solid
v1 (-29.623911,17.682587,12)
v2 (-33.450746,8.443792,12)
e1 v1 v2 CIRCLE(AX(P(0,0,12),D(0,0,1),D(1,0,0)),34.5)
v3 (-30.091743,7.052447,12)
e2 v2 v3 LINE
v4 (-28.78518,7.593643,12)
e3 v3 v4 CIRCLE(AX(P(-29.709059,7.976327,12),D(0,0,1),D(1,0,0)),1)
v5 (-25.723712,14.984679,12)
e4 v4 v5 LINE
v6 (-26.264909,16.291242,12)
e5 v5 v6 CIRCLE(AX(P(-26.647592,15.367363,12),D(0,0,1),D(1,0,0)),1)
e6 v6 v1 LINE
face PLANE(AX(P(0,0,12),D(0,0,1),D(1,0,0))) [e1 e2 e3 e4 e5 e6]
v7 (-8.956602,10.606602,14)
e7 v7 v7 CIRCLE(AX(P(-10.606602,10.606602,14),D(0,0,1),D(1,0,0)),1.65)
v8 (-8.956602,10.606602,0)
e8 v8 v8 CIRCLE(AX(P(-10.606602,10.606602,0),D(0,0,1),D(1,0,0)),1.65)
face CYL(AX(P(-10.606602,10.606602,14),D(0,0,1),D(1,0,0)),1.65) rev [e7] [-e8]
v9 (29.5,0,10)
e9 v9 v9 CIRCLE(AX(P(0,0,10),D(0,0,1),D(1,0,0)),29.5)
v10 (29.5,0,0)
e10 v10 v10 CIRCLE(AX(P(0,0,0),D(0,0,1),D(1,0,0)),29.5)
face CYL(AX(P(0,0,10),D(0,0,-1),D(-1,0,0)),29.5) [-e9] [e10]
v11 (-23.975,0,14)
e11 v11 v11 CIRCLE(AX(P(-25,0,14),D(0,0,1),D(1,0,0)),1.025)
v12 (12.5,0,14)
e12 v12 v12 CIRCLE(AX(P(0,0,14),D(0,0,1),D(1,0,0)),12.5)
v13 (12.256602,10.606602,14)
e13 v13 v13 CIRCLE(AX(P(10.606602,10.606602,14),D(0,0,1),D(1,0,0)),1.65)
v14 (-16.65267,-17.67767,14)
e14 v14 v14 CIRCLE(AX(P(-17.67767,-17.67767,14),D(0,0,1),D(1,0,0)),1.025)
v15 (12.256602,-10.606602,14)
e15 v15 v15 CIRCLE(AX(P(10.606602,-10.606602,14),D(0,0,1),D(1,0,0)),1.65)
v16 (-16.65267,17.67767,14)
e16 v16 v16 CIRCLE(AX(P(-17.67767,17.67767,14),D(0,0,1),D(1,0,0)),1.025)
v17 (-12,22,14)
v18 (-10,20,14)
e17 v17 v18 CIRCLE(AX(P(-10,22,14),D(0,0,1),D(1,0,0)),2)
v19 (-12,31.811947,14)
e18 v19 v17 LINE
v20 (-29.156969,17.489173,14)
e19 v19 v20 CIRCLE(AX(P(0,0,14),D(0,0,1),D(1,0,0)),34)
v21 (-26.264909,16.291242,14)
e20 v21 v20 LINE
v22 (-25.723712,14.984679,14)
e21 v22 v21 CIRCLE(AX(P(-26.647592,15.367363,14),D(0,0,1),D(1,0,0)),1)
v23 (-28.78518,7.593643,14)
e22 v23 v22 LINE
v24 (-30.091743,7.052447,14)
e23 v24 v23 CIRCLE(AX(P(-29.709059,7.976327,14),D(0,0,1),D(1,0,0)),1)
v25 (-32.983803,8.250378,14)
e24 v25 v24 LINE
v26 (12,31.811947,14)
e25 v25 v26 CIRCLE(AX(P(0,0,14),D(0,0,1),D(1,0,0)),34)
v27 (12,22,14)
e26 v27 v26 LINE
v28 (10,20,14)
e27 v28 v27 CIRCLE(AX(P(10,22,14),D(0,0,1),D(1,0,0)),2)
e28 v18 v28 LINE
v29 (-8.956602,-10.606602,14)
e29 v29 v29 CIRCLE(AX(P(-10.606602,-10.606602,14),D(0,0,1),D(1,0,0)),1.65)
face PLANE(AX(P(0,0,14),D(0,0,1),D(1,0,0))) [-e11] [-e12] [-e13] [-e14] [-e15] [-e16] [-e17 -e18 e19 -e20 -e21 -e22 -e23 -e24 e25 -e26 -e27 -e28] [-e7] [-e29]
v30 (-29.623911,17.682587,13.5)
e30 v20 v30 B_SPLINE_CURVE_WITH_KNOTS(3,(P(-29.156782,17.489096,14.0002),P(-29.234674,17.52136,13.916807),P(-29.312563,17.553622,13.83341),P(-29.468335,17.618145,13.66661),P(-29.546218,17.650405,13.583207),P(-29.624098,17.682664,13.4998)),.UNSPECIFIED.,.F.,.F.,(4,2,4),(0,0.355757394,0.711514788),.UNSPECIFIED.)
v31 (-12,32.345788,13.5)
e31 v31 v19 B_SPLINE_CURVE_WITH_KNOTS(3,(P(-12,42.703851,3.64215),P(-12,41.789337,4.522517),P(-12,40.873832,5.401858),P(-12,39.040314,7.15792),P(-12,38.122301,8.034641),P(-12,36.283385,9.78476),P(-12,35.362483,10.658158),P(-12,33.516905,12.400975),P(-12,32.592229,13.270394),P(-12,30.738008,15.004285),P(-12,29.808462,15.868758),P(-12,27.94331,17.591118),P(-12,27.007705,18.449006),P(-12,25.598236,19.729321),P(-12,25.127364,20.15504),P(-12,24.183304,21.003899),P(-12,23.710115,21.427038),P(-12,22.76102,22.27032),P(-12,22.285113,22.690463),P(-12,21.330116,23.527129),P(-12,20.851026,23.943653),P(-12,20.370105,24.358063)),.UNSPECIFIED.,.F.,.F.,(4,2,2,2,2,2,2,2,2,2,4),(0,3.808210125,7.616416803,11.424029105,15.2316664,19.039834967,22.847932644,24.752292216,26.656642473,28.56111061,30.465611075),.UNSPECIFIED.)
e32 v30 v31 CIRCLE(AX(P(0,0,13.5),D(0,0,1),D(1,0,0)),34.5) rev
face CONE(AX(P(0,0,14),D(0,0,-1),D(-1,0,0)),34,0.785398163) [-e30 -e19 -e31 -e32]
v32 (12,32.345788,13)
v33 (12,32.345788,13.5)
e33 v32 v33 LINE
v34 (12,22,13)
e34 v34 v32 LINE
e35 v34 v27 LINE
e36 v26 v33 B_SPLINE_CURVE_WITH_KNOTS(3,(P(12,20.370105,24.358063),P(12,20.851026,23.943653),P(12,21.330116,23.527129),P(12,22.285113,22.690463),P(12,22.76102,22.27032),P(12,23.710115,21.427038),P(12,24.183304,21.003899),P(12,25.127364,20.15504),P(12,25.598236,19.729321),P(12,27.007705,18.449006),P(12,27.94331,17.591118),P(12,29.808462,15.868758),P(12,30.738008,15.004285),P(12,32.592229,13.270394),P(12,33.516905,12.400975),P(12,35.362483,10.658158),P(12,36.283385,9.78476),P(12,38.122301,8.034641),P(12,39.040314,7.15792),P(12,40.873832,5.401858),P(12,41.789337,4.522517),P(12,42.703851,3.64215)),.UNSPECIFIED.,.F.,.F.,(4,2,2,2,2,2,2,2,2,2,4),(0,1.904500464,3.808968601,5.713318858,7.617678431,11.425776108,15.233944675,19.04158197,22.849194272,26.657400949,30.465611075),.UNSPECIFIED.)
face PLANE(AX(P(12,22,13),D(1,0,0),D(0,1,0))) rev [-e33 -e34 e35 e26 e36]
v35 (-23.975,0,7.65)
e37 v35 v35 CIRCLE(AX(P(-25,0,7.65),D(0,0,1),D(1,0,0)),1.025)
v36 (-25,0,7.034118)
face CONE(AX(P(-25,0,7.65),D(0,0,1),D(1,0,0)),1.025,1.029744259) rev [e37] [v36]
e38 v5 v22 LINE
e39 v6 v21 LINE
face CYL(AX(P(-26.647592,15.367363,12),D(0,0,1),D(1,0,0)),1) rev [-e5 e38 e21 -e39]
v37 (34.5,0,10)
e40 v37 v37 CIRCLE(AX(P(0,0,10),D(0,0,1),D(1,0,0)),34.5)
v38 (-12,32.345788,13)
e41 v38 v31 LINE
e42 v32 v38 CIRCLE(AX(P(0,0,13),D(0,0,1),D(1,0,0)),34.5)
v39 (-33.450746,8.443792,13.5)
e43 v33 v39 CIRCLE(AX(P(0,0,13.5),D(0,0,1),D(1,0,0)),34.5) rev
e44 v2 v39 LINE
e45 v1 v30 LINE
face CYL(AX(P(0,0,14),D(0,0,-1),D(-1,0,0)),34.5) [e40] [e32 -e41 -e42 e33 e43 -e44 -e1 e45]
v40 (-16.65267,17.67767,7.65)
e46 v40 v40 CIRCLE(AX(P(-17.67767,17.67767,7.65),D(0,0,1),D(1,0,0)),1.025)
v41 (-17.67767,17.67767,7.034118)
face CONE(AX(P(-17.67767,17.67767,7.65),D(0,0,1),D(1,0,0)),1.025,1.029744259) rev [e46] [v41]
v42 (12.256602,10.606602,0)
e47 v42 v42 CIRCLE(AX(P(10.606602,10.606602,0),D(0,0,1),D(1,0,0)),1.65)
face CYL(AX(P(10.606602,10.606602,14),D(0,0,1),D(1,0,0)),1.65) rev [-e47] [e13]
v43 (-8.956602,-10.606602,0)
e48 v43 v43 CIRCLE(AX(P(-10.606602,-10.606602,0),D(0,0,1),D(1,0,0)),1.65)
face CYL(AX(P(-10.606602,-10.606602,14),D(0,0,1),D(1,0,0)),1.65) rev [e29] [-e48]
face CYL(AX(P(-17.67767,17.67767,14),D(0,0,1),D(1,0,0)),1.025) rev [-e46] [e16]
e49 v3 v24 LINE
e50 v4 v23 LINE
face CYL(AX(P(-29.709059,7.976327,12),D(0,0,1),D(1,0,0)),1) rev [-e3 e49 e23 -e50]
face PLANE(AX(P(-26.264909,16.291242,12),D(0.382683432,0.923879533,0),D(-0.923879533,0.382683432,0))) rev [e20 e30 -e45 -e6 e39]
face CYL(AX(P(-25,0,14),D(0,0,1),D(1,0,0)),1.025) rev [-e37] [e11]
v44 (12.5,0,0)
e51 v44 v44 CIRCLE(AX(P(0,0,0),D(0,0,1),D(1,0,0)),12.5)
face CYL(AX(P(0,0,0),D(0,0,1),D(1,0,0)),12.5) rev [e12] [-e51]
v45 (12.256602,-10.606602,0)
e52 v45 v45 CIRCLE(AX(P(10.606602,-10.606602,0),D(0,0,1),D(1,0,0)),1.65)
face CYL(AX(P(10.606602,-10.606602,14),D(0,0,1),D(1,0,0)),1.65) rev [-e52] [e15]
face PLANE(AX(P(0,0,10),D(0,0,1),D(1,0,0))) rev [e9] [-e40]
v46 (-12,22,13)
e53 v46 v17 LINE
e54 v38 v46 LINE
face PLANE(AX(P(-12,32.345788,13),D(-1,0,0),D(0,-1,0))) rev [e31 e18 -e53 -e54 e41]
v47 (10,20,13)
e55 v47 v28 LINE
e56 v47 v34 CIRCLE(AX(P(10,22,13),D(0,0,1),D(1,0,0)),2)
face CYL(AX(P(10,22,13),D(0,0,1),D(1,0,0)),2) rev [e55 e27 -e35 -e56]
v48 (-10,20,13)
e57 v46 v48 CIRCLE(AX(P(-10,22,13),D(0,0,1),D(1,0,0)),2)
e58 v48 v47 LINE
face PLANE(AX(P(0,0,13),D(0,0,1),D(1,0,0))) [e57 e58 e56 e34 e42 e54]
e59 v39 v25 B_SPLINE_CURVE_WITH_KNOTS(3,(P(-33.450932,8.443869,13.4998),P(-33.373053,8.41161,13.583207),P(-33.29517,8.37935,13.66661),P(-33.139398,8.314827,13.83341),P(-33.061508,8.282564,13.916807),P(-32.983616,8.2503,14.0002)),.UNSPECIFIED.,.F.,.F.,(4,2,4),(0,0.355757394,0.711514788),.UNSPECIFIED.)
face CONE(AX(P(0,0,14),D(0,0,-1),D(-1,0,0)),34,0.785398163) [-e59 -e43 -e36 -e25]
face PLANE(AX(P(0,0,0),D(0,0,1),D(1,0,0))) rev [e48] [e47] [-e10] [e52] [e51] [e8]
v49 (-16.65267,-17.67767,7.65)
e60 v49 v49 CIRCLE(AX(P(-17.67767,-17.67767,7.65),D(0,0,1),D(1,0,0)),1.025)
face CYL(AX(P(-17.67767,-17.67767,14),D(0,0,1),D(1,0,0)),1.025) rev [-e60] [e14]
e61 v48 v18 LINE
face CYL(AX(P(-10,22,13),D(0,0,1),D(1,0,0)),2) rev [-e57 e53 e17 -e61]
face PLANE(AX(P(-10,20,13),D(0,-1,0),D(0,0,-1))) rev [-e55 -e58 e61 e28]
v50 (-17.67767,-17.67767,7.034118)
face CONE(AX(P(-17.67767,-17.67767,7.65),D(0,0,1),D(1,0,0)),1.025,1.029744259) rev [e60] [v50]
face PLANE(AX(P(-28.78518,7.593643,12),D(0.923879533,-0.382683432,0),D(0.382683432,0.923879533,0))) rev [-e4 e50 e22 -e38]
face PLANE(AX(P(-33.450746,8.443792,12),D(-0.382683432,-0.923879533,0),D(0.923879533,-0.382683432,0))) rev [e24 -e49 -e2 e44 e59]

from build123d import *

# Parameters (mm, degrees)
SKETCH1_R               = 29.5
BOSS_EXTRUDE1_DEPTH     = 10
SKETCH2_R               = 34.5
BOSS_EXTRUDE2_DEPTH     = 4
SKETCH3_R               = 12.5
CUT_EXTRUDE1_DEPTH      = 15
M4_TAPPED_HOLE1_D       = 3.3
M2_5_TAPPED_HOLE1_D     = 2.05
M2_5_TAPPED_HOLE1_DEPTH = 6.35
M2_5_TAPPED_HOLE1_TIP   = 0.615882135
CHAMFER1_SIZE           = 0.5
CUT_EXTRUDE2_DEPTH      = 2
CUT_EXTRUDE4_DEPTH      = 1


with BuildPart() as part:
    # Sketch1 → Boss-Extrude1 (new body)
    with BuildSketch(Plane.XY):
        Circle(SKETCH1_R)
    extrude(amount=BOSS_EXTRUDE1_DEPTH)

    # Sketch2 → Boss-Extrude2 (add)
    with BuildSketch(Plane.XY.offset(10)):
        Circle(SKETCH2_R)
    extrude(amount=BOSS_EXTRUDE2_DEPTH)

    # Sketch3 → Cut-Extrude1 (cut, through all)
    with BuildSketch(Plane.XY.offset(14)):
        Circle(SKETCH3_R)
    extrude(amount=-CUT_EXTRUDE1_DEPTH, mode=Mode.SUBTRACT)

    # M4 Tapped Hole1 (through all)
    with Locations(Plane.XY.offset(14)):
        with Locations((-10.606601718, 10.606601718), (10.606601718, 10.606601718), (10.606601718, -10.606601718), (-10.606601718, -10.606601718)):
            Hole(M4_TAPPED_HOLE1_D / 2)

    # M2.5 Tapped Hole1
    with Locations(Plane.XY.offset(14)):
        with Locations((-17.67766953, -17.67766953), (-25, 0), (-17.67766953, 17.67766953)):
            Hole(M2_5_TAPPED_HOLE1_D / 2, depth=M2_5_TAPPED_HOLE1_DEPTH)
            with Locations((0, 0, -(M2_5_TAPPED_HOLE1_DEPTH + M2_5_TAPPED_HOLE1_TIP / 2))):  # 118° drill point
                Cone(0, M2_5_TAPPED_HOLE1_D / 2, M2_5_TAPPED_HOLE1_TIP, mode=Mode.SUBTRACT)

    # Chamfer1
    chamfer1_edges = [part.edges().sort_by_distance(p)[0] for p in [
        (-34.5, 0, 14),
    ]]
    chamfer(chamfer1_edges, length=CHAMFER1_SIZE)

    # Sketch9 → Cut-Extrude2 (cut)
    with BuildSketch(Plane.XY.offset(14)):
        with BuildLine():
            Line((-33.450745653, 8.44379152), (-30.091742903, 7.052447025))
            ThreePointArc((-30.091742903, 7.052447025), (-29.326376039, 7.052447025), (-28.785179939, 7.593643125))
            Line((-28.785179939, 7.593643125), (-25.72371248, 14.984679385))
            ThreePointArc((-25.72371248, 14.984679385), (-25.72371248, 15.75004625), (-26.26490858, 16.29124235))
            Line((-26.26490858, 16.29124235), (-29.62391133, 17.682586845))
            ThreePointArc((-29.62391133, 17.682586845), (-31.873843872, 13.202578417), (-33.450745653, 8.44379152))
        make_face()
    extrude(amount=-CUT_EXTRUDE2_DEPTH, mode=Mode.SUBTRACT)

    # Sketch11 → Cut-Extrude4 (cut)
    with BuildSketch(Plane.XY.offset(14)):
        with BuildLine():
            Line((-12, 32.345787979), (-12, 22))
            ThreePointArc((-12, 22), (-11.414213562, 20.585786438), (-10, 20))
            Line((-10, 20), (10, 20))
            ThreePointArc((10, 20), (11.414213562, 20.585786438), (12, 22))
            Line((12, 22), (12, 32.345787979))
            ThreePointArc((12, 32.345787979), (0, 34.5), (-12, 32.345787979))
        make_face()
    extrude(amount=-CUT_EXTRUDE4_DEPTH, mode=Mode.SUBTRACT)


solid = part.part
